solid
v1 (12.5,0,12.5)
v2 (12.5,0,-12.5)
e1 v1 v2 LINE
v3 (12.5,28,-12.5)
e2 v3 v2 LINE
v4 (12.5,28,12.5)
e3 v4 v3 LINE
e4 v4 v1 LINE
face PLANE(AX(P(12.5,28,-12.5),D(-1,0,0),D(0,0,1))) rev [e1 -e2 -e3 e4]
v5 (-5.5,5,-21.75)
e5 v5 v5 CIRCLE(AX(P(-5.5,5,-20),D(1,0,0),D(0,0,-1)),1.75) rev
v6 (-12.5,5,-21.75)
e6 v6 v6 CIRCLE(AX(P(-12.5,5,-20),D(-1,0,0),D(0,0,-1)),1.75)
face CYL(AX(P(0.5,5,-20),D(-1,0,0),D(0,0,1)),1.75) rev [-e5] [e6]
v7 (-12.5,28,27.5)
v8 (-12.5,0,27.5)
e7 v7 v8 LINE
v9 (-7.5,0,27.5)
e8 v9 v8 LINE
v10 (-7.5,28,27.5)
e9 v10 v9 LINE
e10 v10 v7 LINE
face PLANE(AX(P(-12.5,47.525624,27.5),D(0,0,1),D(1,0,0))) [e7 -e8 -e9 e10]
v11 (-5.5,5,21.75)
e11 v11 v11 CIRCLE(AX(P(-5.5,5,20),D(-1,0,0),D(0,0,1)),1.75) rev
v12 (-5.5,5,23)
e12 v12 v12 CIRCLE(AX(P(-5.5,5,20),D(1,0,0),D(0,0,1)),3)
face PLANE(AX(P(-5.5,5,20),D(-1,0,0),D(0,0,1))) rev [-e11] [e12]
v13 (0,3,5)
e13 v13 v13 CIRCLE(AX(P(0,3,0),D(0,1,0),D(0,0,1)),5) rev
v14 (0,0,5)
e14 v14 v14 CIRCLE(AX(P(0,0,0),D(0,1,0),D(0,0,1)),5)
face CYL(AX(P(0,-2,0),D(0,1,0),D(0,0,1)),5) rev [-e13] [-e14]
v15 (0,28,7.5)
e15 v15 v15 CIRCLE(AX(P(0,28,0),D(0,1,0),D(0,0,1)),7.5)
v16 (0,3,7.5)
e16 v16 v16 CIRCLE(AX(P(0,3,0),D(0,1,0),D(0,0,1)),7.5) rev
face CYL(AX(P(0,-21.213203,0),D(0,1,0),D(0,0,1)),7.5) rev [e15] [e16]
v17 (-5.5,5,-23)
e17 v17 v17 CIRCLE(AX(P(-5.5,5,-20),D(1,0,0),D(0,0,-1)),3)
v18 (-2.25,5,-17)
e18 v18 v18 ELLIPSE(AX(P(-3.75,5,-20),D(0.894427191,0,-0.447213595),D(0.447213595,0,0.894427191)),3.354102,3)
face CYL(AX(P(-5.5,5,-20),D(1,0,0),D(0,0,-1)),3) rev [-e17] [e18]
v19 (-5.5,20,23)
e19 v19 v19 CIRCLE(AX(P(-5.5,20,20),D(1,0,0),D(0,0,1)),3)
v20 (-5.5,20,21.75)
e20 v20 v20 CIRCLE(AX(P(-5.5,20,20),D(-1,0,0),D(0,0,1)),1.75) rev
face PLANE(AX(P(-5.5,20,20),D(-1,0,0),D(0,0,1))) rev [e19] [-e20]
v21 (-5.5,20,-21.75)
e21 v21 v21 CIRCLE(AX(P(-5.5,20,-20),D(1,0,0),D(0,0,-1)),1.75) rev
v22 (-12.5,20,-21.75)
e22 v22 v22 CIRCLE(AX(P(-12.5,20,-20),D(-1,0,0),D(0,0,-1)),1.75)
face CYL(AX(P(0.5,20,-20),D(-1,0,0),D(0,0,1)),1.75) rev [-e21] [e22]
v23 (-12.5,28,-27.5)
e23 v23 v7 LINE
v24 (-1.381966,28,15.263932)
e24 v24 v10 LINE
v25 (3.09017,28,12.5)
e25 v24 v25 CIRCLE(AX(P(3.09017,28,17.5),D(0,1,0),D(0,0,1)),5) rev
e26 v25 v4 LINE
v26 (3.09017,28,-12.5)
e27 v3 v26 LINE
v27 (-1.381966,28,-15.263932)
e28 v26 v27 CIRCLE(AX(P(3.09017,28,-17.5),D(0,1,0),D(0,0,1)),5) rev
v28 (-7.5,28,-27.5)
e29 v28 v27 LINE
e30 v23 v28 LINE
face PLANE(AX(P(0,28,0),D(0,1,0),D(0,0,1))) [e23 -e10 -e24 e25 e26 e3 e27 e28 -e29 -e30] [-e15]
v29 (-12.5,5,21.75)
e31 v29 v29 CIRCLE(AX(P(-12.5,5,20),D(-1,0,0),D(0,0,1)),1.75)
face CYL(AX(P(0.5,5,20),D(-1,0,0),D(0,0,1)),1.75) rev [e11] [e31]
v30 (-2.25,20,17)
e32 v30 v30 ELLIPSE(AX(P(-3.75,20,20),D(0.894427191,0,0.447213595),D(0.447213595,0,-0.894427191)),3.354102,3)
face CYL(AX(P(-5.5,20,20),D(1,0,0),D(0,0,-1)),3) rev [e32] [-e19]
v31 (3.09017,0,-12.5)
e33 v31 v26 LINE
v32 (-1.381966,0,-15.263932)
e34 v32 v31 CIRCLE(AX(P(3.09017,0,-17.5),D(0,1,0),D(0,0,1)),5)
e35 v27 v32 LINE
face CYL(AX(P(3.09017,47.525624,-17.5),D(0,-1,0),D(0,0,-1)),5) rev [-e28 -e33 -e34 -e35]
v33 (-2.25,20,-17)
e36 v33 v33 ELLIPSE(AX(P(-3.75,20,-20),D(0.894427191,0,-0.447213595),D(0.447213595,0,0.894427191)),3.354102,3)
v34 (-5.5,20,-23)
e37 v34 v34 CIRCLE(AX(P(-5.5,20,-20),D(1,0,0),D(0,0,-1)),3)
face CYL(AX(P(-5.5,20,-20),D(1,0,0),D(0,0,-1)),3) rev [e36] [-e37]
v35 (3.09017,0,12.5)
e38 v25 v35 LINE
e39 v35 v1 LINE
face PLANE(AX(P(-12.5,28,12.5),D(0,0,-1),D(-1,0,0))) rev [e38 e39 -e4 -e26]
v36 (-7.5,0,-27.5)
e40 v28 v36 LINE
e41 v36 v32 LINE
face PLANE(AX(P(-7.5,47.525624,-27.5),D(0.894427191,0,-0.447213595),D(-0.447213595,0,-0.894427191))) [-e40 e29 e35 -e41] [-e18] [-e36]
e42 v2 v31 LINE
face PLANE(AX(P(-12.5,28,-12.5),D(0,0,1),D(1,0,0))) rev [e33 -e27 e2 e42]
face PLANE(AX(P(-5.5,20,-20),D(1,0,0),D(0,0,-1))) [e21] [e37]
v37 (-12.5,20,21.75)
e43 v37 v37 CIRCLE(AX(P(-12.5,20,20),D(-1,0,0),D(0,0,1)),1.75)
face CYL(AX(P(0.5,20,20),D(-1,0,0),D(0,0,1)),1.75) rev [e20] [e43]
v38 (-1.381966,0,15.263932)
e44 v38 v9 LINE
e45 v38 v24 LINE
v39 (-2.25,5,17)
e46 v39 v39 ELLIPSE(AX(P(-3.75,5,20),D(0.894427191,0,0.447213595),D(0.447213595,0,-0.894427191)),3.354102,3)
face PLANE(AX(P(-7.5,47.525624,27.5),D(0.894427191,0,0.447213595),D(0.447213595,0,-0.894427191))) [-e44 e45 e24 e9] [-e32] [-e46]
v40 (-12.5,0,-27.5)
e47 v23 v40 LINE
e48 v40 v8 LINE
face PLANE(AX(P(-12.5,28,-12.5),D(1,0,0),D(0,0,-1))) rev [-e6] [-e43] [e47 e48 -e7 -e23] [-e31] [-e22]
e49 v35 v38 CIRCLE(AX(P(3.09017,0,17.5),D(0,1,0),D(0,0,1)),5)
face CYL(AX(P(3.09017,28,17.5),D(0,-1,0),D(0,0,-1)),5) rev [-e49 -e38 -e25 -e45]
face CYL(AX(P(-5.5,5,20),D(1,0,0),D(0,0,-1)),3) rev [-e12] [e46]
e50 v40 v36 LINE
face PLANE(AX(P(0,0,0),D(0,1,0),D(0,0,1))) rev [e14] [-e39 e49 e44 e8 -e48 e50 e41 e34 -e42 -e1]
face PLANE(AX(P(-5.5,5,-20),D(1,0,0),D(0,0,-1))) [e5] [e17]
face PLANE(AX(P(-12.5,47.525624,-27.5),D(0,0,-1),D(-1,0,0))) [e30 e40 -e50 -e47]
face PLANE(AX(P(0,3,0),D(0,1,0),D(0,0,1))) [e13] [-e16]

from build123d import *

# Parameters (mm, degrees)
SKETCH1_W           = 25
SKETCH1_H           = 25
BOSS_EXTRUDE1_DEPTH = 28
SKETCH2_R           = 5
CUT_EXTRUDE1_DEPTH  = 30
SKETCH3_R           = 7.5
CUT_EXTRUDE2_DEPTH  = 25
BOSS_EXTRUDE2_DEPTH = 28
FILLET1_R           = 5
SKETCH7_R           = 1.75
CUT_EXTRUDE3_DEPTH  = 13
SKETCH8_R           = 3
CUT_EXTRUDE4_DEPTH  = 18


with BuildPart() as part:
    # Sketch1 → Boss-Extrude1 (new body)
    with BuildSketch(Plane(origin=(0, 0, 0), x_dir=(1, 0, 0), z_dir=(0, 1, 0))):
        Rectangle(SKETCH1_W, SKETCH1_H)
    extrude(amount=BOSS_EXTRUDE1_DEPTH)

    # Sketch2 → Cut-Extrude1 (cut)
    with BuildSketch(Plane(origin=(0, 28, 0), x_dir=(1, 0, 0), z_dir=(0, 1, 0))):
        with Locations(Location((0, 0, 0), (0, 0, 270))):
            Circle(SKETCH2_R)
    extrude(amount=-CUT_EXTRUDE1_DEPTH, mode=Mode.SUBTRACT)

    # Sketch3 → Cut-Extrude2 (cut)
    with BuildSketch(Plane(origin=(0, 28, 0), x_dir=(1, 0, 0), z_dir=(0, 1, 0))):
        with Locations(Location((0, 0, 0), (0, 0, 270))):
            Circle(SKETCH3_R)
    extrude(amount=-CUT_EXTRUDE2_DEPTH, mode=Mode.SUBTRACT)

    # Sketch6 → Boss-Extrude2 (add)
    with BuildSketch(Plane.XZ):
        Polygon((-12.5, -12.5), (-12.5, -27.5), (-7.5, -27.5), (0, -12.5), align=None)
        Polygon((-7.5, 27.5), (0, 12.5), (-12.5, 12.5), (-12.5, 27.5), align=None)
    extrude(amount=-BOSS_EXTRUDE2_DEPTH)

    # Fillet1
    fillet1_edges = [part.edges().sort_by_distance(p)[0] for p in [
        (0, 14, -12.5),
        (0, 14, 12.5),
    ]]
    fillet(fillet1_edges, radius=FILLET1_R)

    # Sketch7 → Cut-Extrude3 (cut)
    with BuildSketch(Plane.ZY.offset(12.5)):
        with Locations((20, 20)):
            Circle(SKETCH7_R)
        with Locations((20, 5)):
            Circle(SKETCH7_R)
        with Locations(Location((-20, 20, 0), (0, 0, 180))):
            Circle(SKETCH7_R)
        with Locations(Location((-20, 5, 0), (0, 0, 180))):
            Circle(SKETCH7_R)
    extrude(amount=-CUT_EXTRUDE3_DEPTH, mode=Mode.SUBTRACT)

    # Sketch8 → Cut-Extrude4 (cut)
    with BuildSketch(Plane(origin=(12.5, 0, 0), x_dir=(0, 0, -1), z_dir=(1, 0, 0))):
        with Locations((20, 20)):
            Circle(SKETCH8_R)
        with Locations((20, 5)):
            Circle(SKETCH8_R)
        with Locations((-20, 20)):
            Circle(SKETCH8_R)
        with Locations((-20, 5)):
            Circle(SKETCH8_R)
    extrude(amount=-CUT_EXTRUDE4_DEPTH, mode=Mode.SUBTRACT)


solid = part.part
